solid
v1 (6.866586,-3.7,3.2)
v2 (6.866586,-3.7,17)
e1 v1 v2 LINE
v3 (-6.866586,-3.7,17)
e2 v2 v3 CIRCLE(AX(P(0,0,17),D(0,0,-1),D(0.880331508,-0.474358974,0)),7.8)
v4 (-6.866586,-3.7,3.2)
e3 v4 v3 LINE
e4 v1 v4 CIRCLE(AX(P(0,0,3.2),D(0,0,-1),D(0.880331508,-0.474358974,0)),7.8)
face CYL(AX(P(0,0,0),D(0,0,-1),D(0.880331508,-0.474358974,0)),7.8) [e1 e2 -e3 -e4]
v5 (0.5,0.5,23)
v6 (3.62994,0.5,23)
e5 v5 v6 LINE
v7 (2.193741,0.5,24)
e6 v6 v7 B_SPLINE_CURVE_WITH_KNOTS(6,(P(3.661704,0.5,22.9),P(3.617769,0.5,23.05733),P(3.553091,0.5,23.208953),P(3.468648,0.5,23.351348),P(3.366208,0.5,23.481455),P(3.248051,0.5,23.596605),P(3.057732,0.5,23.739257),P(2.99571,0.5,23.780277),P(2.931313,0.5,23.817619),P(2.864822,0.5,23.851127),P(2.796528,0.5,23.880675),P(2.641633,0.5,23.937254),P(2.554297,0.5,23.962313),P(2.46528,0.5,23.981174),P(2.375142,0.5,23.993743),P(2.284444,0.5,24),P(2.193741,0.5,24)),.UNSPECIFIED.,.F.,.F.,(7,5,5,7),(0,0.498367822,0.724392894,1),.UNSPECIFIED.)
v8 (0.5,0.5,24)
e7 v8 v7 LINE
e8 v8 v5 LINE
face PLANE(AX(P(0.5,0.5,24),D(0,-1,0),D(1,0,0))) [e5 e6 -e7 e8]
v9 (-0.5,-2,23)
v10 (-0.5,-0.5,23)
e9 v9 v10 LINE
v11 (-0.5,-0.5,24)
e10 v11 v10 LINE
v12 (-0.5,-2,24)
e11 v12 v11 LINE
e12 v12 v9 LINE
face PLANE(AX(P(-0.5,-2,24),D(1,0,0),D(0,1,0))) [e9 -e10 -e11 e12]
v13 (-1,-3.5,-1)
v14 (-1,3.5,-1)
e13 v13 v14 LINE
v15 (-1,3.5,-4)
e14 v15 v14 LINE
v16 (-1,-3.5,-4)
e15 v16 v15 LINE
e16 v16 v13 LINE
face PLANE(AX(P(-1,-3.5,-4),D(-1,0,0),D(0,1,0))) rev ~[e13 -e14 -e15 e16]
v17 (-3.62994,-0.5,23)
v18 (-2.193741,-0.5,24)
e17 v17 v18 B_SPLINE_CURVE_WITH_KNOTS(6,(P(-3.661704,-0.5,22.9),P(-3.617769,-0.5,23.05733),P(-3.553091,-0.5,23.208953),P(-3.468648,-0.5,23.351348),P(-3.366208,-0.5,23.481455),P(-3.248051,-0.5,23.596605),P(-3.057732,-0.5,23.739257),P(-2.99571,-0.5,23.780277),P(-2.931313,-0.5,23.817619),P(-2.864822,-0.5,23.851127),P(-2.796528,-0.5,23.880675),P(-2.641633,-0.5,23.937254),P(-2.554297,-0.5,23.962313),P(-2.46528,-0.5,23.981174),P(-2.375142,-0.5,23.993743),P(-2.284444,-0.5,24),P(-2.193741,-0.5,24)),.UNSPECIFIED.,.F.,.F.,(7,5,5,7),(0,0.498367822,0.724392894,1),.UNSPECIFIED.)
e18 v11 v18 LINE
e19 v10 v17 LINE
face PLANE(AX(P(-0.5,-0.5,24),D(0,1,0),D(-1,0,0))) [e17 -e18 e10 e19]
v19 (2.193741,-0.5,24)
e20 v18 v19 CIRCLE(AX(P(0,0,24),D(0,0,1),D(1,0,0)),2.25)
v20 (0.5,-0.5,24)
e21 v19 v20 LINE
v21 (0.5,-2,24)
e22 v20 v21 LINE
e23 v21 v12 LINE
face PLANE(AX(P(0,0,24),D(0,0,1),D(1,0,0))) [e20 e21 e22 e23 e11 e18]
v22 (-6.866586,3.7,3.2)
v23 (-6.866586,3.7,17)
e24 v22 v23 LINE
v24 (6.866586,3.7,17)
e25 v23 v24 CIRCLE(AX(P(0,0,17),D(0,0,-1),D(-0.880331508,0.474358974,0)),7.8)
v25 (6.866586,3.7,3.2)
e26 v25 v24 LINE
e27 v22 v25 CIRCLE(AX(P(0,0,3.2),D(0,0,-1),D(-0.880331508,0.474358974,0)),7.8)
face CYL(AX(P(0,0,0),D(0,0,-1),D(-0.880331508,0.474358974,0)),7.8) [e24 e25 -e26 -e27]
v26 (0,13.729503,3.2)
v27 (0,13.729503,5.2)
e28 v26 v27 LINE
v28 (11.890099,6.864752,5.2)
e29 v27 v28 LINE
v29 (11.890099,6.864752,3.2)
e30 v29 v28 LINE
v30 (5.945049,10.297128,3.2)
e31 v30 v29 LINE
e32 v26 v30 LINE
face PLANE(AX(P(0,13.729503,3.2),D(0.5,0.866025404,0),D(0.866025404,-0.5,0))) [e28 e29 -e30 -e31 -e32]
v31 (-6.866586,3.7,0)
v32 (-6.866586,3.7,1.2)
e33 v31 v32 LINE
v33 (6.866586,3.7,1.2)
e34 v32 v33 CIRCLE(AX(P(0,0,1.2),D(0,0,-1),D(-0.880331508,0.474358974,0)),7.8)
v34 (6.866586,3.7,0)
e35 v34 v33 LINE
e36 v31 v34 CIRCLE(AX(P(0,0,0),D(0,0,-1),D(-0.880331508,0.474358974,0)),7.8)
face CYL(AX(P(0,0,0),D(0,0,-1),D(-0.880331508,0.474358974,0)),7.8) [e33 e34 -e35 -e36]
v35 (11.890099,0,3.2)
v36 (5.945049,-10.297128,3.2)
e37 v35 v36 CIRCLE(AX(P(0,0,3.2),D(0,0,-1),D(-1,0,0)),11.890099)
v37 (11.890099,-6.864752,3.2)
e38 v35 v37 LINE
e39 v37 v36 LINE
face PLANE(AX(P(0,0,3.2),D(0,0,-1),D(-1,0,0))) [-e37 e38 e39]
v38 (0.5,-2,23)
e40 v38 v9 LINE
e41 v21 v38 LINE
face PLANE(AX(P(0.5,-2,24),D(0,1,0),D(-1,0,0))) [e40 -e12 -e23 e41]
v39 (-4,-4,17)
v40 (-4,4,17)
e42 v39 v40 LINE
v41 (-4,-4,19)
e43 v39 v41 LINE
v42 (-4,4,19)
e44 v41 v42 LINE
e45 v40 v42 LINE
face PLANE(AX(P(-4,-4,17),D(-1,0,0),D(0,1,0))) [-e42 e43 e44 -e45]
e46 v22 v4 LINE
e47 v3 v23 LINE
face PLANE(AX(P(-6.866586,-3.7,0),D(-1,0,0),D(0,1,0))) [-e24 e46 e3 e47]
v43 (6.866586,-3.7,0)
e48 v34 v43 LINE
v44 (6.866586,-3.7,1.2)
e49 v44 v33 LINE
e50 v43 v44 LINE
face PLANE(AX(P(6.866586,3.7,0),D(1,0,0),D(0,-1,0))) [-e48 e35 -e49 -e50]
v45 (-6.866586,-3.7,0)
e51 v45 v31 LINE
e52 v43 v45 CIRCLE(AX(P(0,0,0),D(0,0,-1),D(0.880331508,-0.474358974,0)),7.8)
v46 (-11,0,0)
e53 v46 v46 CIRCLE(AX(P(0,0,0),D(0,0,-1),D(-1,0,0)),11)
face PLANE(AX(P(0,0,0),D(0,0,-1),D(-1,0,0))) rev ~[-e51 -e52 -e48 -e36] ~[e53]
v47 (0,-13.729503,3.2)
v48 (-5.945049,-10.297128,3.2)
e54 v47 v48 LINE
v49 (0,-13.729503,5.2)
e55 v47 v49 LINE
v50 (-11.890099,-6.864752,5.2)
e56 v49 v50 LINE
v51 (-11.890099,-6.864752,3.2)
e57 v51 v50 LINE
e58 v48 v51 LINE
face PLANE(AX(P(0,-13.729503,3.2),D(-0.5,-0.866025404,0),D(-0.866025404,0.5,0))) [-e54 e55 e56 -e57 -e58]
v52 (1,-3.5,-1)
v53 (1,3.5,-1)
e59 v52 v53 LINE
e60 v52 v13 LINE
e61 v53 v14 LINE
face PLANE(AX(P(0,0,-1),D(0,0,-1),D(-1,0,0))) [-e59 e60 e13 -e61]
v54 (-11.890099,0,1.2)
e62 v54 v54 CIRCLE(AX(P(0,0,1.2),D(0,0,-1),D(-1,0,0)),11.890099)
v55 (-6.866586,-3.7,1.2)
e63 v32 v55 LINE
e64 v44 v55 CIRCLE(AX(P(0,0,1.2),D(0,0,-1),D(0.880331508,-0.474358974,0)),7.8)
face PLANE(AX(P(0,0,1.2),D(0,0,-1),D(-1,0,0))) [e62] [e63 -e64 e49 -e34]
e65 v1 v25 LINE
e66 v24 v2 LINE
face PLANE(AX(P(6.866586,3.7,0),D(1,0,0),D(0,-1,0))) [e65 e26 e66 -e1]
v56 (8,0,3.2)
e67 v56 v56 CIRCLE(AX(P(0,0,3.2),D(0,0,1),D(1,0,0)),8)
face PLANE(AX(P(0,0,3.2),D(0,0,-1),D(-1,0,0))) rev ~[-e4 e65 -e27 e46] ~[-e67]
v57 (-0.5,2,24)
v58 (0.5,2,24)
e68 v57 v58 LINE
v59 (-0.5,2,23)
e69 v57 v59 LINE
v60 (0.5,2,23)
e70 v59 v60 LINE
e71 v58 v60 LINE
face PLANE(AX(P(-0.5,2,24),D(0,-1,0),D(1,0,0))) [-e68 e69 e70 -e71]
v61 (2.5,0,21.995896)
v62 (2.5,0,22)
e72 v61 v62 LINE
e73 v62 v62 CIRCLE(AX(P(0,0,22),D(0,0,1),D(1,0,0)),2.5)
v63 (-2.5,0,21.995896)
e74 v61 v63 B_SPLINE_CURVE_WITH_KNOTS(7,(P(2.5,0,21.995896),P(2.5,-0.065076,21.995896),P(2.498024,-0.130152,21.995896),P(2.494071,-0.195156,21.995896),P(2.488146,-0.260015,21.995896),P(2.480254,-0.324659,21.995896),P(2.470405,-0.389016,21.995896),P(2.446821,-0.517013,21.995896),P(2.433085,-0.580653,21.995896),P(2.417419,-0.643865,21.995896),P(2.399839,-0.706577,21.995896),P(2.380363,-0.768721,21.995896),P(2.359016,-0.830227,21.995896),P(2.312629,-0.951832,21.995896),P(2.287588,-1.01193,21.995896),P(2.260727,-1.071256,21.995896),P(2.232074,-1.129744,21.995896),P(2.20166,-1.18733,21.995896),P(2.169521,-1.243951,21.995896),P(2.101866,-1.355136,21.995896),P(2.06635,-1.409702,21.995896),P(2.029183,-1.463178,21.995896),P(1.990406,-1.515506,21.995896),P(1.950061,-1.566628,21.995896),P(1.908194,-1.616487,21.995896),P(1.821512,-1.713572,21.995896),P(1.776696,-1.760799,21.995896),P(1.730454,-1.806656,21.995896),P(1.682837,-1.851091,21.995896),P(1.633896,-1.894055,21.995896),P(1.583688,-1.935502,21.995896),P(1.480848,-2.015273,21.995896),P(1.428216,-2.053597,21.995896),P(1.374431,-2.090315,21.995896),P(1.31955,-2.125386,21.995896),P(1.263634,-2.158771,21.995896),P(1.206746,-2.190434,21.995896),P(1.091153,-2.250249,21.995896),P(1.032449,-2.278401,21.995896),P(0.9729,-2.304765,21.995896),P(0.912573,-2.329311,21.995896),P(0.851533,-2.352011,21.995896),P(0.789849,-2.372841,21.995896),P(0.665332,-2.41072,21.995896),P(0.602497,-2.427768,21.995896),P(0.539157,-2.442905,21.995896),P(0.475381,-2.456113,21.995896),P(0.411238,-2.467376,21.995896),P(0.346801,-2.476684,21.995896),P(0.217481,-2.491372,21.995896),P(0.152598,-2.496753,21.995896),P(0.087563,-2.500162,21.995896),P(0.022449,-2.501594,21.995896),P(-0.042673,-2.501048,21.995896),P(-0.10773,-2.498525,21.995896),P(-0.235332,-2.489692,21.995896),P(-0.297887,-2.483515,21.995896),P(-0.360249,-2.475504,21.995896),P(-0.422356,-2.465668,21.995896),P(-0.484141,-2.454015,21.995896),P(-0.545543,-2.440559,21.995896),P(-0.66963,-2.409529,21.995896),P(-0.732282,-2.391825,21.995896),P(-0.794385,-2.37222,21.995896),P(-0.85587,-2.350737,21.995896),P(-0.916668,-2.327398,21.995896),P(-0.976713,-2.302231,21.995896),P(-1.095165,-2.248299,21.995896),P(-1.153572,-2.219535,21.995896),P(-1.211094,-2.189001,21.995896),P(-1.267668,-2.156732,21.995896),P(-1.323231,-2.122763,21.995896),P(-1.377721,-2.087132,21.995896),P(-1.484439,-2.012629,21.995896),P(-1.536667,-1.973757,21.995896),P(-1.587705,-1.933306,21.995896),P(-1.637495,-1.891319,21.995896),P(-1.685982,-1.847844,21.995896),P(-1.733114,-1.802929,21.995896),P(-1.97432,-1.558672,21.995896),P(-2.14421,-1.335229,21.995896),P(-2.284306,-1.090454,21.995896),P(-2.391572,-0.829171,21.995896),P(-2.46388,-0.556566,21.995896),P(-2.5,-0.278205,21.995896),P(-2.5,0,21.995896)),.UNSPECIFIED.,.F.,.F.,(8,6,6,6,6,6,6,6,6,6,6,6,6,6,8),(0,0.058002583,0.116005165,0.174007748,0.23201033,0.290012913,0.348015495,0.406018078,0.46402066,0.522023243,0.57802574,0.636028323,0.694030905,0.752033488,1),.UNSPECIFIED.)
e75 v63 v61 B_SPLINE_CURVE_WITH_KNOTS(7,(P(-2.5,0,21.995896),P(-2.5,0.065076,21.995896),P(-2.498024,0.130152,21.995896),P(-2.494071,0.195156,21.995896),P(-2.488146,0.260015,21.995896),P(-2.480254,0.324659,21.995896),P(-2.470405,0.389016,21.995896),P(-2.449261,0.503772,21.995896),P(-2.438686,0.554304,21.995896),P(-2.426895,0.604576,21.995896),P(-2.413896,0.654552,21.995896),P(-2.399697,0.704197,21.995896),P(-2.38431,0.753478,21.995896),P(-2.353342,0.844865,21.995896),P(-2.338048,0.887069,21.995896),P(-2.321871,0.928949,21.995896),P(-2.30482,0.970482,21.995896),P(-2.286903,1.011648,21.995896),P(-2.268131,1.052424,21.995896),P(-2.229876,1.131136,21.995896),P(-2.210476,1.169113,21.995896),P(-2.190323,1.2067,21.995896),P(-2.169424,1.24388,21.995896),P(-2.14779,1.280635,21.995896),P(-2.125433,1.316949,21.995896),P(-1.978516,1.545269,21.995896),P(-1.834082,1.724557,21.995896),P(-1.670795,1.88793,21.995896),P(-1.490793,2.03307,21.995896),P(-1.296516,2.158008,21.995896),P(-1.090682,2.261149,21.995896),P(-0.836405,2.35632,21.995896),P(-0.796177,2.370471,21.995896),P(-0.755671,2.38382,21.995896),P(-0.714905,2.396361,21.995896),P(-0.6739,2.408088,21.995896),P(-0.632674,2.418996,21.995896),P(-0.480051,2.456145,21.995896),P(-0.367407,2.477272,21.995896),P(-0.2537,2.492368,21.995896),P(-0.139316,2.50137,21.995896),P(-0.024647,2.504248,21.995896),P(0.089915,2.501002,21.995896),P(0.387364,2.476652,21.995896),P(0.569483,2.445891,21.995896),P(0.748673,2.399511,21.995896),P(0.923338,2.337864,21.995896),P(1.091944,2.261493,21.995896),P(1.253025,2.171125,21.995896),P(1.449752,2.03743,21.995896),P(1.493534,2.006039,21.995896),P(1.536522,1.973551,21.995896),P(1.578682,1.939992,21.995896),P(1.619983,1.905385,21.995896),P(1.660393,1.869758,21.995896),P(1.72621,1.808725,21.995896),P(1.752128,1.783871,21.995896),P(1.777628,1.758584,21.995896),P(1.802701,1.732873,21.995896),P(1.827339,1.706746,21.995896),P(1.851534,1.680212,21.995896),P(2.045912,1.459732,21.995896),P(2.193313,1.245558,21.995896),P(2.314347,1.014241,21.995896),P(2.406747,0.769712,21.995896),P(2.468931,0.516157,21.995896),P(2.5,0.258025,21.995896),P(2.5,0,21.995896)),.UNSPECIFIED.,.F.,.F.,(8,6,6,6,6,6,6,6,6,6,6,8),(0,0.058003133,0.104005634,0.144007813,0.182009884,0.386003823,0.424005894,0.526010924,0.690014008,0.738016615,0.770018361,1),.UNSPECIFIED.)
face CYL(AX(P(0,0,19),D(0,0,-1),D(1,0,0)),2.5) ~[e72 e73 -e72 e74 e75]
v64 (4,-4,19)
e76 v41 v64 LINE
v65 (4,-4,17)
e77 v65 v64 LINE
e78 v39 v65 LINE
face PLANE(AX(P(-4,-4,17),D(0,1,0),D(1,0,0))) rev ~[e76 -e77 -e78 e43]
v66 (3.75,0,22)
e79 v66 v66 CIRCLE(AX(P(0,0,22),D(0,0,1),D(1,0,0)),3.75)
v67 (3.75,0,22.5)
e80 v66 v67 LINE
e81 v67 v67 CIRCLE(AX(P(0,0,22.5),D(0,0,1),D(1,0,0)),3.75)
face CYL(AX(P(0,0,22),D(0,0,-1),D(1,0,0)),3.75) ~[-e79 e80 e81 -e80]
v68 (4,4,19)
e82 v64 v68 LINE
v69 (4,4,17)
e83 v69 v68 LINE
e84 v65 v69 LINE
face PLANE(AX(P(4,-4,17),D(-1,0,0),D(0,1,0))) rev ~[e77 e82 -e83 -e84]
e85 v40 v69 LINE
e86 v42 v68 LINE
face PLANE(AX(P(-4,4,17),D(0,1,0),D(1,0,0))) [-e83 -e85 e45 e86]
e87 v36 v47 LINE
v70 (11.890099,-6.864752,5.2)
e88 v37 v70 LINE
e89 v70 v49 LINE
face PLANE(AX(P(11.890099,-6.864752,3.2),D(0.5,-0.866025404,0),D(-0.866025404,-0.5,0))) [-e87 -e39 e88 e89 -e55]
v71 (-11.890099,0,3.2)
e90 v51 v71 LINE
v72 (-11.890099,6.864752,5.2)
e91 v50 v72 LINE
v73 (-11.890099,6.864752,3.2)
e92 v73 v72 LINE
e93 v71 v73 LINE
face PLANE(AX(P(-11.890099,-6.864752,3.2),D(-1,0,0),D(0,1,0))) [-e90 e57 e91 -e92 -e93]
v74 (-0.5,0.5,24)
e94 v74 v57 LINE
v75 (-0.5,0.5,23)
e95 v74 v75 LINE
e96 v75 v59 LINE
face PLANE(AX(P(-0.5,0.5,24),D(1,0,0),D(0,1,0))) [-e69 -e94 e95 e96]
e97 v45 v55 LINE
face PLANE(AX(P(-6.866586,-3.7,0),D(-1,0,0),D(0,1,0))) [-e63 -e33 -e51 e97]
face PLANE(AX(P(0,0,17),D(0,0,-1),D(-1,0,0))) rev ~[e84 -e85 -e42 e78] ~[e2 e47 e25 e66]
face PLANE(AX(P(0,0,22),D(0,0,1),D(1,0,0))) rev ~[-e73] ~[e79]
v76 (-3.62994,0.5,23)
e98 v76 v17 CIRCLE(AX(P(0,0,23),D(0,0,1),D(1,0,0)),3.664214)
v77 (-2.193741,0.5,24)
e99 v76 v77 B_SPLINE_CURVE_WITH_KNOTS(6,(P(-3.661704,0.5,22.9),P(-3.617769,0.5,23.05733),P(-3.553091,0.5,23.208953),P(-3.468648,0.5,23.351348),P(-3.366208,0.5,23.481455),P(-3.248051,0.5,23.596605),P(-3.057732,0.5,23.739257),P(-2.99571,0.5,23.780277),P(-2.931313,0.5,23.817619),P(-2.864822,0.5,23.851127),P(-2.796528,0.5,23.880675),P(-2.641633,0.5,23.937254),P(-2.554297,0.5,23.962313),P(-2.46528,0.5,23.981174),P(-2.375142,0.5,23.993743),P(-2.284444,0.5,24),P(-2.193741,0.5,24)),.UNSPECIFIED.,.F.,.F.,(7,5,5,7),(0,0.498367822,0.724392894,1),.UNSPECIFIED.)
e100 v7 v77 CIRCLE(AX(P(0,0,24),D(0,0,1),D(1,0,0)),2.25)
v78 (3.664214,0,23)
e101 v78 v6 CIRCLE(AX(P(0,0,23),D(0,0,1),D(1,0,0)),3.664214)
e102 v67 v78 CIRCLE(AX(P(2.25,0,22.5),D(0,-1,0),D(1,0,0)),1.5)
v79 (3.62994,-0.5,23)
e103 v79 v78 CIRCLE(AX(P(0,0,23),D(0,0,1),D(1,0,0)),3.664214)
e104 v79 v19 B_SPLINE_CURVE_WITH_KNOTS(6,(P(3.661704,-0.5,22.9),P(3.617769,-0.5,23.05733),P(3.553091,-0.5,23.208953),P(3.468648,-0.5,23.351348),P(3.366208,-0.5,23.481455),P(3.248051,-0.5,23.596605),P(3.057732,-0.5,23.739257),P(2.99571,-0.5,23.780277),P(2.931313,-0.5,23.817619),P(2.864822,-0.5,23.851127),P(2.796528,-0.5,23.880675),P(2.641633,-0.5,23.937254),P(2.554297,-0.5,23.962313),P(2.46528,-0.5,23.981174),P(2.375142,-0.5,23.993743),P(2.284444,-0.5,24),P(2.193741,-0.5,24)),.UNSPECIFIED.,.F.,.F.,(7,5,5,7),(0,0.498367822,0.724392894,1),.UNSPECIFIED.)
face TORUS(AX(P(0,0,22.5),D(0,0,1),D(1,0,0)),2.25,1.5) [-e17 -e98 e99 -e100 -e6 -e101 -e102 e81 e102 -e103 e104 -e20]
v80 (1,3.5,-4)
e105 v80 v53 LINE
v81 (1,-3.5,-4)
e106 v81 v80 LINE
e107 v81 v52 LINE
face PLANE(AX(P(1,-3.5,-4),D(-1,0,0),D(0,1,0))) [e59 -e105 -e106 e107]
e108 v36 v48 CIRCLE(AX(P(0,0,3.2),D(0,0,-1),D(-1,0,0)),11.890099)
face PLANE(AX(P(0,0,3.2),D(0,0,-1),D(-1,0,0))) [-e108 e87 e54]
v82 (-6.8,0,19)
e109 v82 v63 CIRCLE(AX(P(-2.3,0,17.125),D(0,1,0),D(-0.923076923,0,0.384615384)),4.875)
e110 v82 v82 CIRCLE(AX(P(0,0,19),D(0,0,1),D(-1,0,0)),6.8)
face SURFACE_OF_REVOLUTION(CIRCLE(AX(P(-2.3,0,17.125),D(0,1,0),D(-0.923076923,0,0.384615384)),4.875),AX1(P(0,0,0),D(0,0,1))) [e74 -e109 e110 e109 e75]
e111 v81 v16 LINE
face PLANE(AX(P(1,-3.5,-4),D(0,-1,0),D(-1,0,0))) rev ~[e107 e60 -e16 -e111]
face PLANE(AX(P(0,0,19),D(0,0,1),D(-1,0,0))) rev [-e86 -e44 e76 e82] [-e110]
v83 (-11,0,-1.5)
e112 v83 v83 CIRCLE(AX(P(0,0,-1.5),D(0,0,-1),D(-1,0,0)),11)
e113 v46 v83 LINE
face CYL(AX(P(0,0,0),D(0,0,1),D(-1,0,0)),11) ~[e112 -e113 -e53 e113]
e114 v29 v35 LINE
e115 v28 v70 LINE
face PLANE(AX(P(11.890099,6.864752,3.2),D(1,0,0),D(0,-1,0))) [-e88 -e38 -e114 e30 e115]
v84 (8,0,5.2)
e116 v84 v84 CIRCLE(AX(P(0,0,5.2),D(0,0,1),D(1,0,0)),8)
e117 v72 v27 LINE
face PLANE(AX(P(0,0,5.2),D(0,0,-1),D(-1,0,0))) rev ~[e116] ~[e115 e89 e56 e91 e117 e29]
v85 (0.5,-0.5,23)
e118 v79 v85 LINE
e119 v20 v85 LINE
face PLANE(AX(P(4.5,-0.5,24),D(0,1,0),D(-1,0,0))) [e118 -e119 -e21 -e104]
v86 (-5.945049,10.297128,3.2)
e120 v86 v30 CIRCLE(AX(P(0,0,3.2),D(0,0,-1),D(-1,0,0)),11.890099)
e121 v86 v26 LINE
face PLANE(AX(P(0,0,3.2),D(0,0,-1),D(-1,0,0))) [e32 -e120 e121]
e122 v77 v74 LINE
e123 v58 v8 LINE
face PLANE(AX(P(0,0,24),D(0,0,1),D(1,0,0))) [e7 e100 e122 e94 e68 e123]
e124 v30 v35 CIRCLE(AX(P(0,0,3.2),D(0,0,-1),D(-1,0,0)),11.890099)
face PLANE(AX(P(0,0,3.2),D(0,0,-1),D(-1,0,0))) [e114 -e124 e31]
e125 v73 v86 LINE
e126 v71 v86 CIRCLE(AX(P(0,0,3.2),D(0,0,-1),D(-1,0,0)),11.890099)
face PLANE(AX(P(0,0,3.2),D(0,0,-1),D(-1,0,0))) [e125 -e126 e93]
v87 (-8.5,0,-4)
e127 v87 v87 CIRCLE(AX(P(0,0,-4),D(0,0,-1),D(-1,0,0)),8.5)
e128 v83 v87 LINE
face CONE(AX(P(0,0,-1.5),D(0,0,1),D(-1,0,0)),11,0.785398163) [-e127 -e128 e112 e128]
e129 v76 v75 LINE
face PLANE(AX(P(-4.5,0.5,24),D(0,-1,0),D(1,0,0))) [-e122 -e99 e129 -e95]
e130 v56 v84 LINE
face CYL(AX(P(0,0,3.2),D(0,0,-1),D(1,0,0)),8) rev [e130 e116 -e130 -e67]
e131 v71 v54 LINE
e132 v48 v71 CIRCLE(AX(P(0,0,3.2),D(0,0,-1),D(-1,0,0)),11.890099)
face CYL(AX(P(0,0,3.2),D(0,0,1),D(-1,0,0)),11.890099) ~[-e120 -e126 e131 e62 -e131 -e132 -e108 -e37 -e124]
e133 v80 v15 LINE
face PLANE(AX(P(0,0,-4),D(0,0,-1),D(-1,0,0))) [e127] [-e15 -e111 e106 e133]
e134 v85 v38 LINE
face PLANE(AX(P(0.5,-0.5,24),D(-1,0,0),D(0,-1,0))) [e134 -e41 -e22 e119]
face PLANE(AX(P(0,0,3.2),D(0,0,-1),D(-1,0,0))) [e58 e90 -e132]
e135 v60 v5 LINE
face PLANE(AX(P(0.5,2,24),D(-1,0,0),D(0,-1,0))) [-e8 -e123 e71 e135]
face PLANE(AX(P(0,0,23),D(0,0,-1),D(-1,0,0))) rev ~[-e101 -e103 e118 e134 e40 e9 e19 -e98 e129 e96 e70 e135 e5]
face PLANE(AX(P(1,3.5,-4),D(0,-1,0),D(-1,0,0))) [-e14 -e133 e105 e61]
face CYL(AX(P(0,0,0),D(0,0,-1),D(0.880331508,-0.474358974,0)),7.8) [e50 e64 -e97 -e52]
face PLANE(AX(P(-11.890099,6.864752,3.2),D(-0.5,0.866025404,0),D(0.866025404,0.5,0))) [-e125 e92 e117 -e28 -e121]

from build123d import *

# Parameters (mm, degrees)
EXTRUDE_1_DEPTH     = 17
SKETCH_3_R          = 11
EXTRUDE_2_DEPTH     = 4
CHAMFER_1_SIZE      = 2.5
SKETCH_5_W          = 8
SKETCH_5_H          = 8
EXTRUDE_4_DEPTH     = 2
SKETCH_6_R          = 2.5
EXTRUDE_5_DEPTH     = 3
SKETCH_7_R          = 3.75
EXTRUDE_6_DEPTH     = 2
FILLET_1_R          = 1.5
CUT_EXTRUDE_1_DEPTH = 1
SKETCH_9_R          = 8
EXTRUDE_7_DEPTH     = 2
SKETCH_10_W         = 2
SKETCH_10_H         = 7
CUT_EXTRUDE_2_DEPTH = 3
SKETCH_13_R         = 11.890098709
EXTRUDE_2_2_DEPTH   = 2


with BuildPart() as part:
    # 草图1 → 拉伸1 (new body)
    with BuildSketch(Plane.XY):
        with BuildLine():
            Line((6.86658576, 3.7), (6.86658576, -3.7))
            ThreePointArc((6.86658576, -3.7), (0, -7.8), (-6.86658576, -3.7))
            Line((-6.86658576, -3.7), (-6.86658576, 3.7))
            ThreePointArc((-6.86658576, 3.7), (0, 7.8), (6.86658576, 3.7))
        make_face()
    extrude(amount=EXTRUDE_1_DEPTH)

    # 草图3 → Extrude 2 (add)
    with BuildSketch(Plane(origin=(0, 0, 0), x_dir=(-1, 0, 0), z_dir=(0, 0, -1))):
        Circle(SKETCH_3_R)
    extrude(amount=EXTRUDE_2_DEPTH)

    # 倒角1
    chamfer_1_edges = [part.edges().sort_by_distance(p)[0] for p in [
        (11, 0, -4),
    ]]
    chamfer(chamfer_1_edges, length=CHAMFER_1_SIZE)

    # 草图5 → 拉伸4 (add)
    with BuildSketch(Plane.XY.offset(17)):
        Rectangle(SKETCH_5_W, SKETCH_5_H)
    extrude(amount=EXTRUDE_4_DEPTH)

    # 草图6 → 拉伸5 (add)
    with BuildSketch(Plane.XY.offset(19)):
        Circle(SKETCH_6_R)
    extrude(amount=EXTRUDE_5_DEPTH)

    # 草图7 → 拉伸6 (add)
    with BuildSketch(Plane.XY.offset(22)):
        Circle(SKETCH_7_R)
    extrude(amount=EXTRUDE_6_DEPTH)

    # 圆角1
    fillet_1_edges = [part.edges().sort_by_distance(p)[0] for p in [
        (-3.75, 0, 24),
    ]]
    fillet(fillet_1_edges, radius=FILLET_1_R)

    # 草图8 → 切除-拉伸1 (cut)
    with BuildSketch(Plane.XY.offset(24)):
        Polygon((-4.5, 0.5), (-0.5, 0.5), (-0.5, 2), (0.5, 2), (0.5, 0.5), (4.5, 0.5), (4.5, -0.5), (0.5, -0.5), (0.5, -2), (-0.5, -2), (-0.5, -0.5), (-4.5, -0.5), align=None)
    extrude(amount=-CUT_EXTRUDE_1_DEPTH, mode=Mode.SUBTRACT)

    # 草图10 → 切除-拉伸2 (cut)
    with BuildSketch(Plane(origin=(0, 0, -4), x_dir=(-1, 0, 0), z_dir=(0, 0, -1))):
        Rectangle(SKETCH_10_W, SKETCH_10_H)
    extrude(amount=-CUT_EXTRUDE_2_DEPTH, mode=Mode.SUBTRACT)

    # 草图12 → 旋转2 (revolve)
    with BuildSketch(Plane(origin=(0, 0, 0), x_dir=(0, 0, -1), z_dir=(1, 0, 0)), mode=Mode.PRIVATE) as revolve_2_sk:
        with BuildLine():
            Line((-19, 0), (-19, -6.8))
            ThreePointArc((-19, -6.8), (-21.181245185, -5.004163457), (-22, -2.3))
            Line((-22, -2.3), (-22, 0))
            Line((-22, 0), (-19, 0))
        make_face()
    revolve(revolve_2_sk.sketch.rotate(Axis((0, 0, 0), (0, 0, 1)), 270), axis=Axis((0, 0, 0), (0, 0, 1)))



with BuildPart() as body_2:
    # 草图9 → 拉伸7 (new body)
    with BuildSketch(Plane.XY.offset(3.2)):
        Polygon((11.890098709, -6.86475169), (0, -13.72950338), (-11.890098709, -6.86475169), (-11.890098709, 6.86475169), (0, 13.72950338), (11.890098709, 6.86475169), align=None)
        Circle(SKETCH_9_R, mode=Mode.SUBTRACT)
    extrude(amount=EXTRUDE_7_DEPTH)


with BuildPart() as part_1:
    add(part.part)

    add(body_2.part)  # Extrude 2 2 merges body 2
    # 草图13 → Extrude 2 2 (add)
    with BuildSketch(Plane(origin=(0, 0, 3.2), x_dir=(-1, 0, 0), z_dir=(0, 0, -1))):
        Circle(SKETCH_13_R)
    extrude(amount=EXTRUDE_2_2_DEPTH)


solid = part_1.part
